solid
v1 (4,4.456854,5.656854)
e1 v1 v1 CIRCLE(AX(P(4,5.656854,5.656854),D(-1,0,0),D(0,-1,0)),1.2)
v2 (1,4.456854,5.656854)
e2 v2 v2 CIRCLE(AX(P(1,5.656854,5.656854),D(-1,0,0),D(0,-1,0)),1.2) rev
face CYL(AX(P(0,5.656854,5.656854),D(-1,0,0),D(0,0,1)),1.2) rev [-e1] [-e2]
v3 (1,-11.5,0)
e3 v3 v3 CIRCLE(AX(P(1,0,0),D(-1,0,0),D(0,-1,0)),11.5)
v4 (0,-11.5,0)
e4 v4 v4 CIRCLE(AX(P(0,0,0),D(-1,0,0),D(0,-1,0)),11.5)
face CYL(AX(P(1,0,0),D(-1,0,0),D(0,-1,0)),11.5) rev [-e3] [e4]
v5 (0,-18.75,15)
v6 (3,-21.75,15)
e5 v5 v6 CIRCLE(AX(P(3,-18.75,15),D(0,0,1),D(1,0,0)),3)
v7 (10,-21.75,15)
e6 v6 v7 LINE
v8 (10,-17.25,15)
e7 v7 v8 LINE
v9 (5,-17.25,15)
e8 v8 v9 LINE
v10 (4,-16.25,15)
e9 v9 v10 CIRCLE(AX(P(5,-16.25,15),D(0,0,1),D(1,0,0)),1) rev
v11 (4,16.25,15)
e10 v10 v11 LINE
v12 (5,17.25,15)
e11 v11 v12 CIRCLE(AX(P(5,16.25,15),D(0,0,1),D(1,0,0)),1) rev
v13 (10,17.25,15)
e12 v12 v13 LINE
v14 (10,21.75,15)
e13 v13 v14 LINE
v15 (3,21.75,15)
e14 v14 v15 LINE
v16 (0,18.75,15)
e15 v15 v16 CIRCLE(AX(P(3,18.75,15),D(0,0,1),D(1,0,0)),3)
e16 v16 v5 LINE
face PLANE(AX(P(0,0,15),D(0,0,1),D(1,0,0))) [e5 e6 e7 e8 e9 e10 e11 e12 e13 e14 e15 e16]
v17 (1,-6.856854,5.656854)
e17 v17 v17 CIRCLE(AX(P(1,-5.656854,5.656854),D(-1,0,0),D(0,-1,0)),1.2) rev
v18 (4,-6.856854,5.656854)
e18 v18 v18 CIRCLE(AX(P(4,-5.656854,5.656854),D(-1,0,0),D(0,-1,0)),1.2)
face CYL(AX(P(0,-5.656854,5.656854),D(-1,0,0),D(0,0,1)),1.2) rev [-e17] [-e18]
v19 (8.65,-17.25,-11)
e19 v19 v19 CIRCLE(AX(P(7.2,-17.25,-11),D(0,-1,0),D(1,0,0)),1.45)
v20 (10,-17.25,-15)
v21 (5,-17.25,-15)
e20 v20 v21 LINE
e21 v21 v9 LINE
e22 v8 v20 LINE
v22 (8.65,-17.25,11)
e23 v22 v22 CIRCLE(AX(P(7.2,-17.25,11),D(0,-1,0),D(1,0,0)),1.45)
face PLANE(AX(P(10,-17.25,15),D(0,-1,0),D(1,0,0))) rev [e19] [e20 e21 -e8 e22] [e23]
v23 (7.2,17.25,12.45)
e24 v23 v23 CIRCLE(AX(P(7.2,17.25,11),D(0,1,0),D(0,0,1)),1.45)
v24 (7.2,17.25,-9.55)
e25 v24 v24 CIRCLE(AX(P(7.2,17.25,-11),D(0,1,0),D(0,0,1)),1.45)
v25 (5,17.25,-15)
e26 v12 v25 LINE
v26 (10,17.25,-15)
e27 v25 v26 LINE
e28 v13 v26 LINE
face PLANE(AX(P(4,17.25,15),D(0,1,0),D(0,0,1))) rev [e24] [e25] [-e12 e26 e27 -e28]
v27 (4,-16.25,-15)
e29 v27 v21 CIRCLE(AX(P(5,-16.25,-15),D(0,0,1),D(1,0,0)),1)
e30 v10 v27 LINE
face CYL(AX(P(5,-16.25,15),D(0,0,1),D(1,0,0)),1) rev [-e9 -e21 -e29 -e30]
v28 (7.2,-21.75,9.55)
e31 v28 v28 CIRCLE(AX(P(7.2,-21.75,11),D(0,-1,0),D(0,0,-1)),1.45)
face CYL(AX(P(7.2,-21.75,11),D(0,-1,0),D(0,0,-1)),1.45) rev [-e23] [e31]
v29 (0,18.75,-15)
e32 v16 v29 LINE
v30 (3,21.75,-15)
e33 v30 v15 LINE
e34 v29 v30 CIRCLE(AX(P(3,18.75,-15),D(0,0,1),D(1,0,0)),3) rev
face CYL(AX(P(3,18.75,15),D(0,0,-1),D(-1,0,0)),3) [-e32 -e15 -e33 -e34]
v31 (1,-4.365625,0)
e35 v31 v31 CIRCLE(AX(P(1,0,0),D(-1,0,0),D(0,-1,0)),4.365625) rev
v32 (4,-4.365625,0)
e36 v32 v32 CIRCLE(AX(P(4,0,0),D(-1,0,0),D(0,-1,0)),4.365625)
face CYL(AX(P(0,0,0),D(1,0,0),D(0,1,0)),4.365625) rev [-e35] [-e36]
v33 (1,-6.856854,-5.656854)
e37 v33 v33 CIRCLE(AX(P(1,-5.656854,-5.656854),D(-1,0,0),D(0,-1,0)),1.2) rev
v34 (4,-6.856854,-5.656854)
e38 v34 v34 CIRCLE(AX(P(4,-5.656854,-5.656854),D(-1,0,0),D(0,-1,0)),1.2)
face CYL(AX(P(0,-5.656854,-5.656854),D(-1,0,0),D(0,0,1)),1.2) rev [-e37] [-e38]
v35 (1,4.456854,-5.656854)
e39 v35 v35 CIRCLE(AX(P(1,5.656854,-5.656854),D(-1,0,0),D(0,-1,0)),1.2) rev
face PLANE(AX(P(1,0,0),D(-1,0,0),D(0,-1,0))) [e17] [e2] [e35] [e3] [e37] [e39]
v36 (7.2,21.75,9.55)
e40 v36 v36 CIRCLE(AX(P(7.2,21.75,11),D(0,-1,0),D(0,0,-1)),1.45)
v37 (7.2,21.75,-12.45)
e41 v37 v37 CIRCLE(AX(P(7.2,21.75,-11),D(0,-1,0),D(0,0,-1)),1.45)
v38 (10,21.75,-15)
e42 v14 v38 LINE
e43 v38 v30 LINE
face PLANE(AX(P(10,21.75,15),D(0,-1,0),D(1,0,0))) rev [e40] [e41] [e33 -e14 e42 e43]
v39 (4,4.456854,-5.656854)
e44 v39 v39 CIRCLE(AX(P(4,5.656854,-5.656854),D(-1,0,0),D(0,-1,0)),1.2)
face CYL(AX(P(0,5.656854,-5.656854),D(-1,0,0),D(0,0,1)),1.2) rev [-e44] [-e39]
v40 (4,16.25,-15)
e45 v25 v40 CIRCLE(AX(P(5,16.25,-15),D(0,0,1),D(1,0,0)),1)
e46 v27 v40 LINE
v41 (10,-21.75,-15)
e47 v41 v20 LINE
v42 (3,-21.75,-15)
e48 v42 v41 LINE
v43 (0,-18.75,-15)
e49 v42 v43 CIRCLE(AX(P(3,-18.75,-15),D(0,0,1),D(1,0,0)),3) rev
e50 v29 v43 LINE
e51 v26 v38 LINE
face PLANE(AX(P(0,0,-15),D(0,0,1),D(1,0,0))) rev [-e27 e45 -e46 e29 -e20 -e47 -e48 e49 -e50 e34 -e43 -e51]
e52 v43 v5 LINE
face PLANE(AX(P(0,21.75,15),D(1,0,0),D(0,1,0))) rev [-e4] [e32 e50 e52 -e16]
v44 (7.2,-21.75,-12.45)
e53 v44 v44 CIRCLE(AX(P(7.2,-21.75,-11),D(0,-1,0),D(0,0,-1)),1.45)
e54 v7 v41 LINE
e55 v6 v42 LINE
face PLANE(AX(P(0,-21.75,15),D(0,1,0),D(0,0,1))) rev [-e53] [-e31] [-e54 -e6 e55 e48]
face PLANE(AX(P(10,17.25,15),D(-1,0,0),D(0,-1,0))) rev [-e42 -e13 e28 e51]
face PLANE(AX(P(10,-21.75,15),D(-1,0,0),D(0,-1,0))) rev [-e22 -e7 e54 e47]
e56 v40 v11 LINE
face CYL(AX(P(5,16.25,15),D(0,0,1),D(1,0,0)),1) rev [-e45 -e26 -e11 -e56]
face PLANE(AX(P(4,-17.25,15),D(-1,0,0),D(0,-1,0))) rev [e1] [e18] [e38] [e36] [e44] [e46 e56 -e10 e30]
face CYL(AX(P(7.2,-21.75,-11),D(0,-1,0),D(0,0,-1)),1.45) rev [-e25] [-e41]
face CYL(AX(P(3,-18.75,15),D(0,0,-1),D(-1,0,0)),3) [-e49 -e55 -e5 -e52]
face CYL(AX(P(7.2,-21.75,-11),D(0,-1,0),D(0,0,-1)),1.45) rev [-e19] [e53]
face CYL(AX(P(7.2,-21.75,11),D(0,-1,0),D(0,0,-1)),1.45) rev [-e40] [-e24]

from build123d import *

# Parameters (mm, degrees)
BOSS_EXTRUDE1_DEPTH     = 15
M2_5_CLEARANCE_HOLE1_D  = 2.9
CUT_EXTRUDE1_DEPTH      = 28.093587802
CUT_EXTRUDE1_DEPTH_BACK = 28.093587802
SKETCH3_R               = 4.365625
M2_CLEARANCE_HOLE1_D    = 2.4
SKETCH10_R              = 11.5
CUT_EXTRUDE3_DEPTH      = 1
FILLET1_R               = 1
FILLET2_R               = 3


with BuildPart() as part:
    # Sketch2 → Boss-Extrude1 (new, symmetric)
    with BuildSketch(Plane.XY):
        Polygon((0, 21.75), (0, -21.75), (10, -21.75), (10, -17.25), (4, -17.25), (4, 17.25), (10, 17.25), (10, 21.75), align=None)
    extrude(amount=BOSS_EXTRUDE1_DEPTH, both=True)

    # M2.5 Clearance Hole1 (through all)
    with Locations(Plane(origin=(0, -21.75, 0), x_dir=(-1, 0, 0), z_dir=(0, -1, 0))):
        with Locations((-7.2, -11), (-7.2, 11)):
            Hole(M2_5_CLEARANCE_HOLE1_D / 2)

    # Sketch3 → Cut-Extrude1 (cut, two sides: drawn at the far end of the back side and taken through both)
    with BuildSketch(Plane(origin=(4, 0, 0), x_dir=(0, 0, -1), z_dir=(1, 0, 0)).offset(-CUT_EXTRUDE1_DEPTH_BACK)):
        with Locations(Location((0, 0, 0), (0, 0, 90))):
            Circle(SKETCH3_R)
    extrude(amount=CUT_EXTRUDE1_DEPTH + CUT_EXTRUDE1_DEPTH_BACK, mode=Mode.SUBTRACT)

    # M2 Clearance Hole1 (through all)
    with Locations(Plane.ZY):
        with Locations((5.656854249, 5.656854249), (5.656854249, -5.656854249), (-5.656854249, -5.656854249), (-5.656854249, 5.656854249), (0, 0)):
            Hole(M2_CLEARANCE_HOLE1_D / 2)

    # Sketch10 → Cut-Extrude3 (cut)
    with BuildSketch(Plane.ZY):
        with Locations(Location((0, 0, 0), (0, 0, 270))):
            Circle(SKETCH10_R)
    extrude(amount=-CUT_EXTRUDE3_DEPTH, mode=Mode.SUBTRACT)

    # Fillet1
    fillet1_edges = [part.edges().sort_by_distance(p)[0] for p in [
        (4, 17.25, 0),
        (4, -17.25, 0),
    ]]
    fillet(fillet1_edges, radius=FILLET1_R)

    # Fillet2
    fillet2_edges = [part.edges().sort_by_distance(p)[0] for p in [
        (0, -21.75, 0),
        (0, 21.75, 0),
    ]]
    fillet(fillet2_edges, radius=FILLET2_R)


solid = part.part
